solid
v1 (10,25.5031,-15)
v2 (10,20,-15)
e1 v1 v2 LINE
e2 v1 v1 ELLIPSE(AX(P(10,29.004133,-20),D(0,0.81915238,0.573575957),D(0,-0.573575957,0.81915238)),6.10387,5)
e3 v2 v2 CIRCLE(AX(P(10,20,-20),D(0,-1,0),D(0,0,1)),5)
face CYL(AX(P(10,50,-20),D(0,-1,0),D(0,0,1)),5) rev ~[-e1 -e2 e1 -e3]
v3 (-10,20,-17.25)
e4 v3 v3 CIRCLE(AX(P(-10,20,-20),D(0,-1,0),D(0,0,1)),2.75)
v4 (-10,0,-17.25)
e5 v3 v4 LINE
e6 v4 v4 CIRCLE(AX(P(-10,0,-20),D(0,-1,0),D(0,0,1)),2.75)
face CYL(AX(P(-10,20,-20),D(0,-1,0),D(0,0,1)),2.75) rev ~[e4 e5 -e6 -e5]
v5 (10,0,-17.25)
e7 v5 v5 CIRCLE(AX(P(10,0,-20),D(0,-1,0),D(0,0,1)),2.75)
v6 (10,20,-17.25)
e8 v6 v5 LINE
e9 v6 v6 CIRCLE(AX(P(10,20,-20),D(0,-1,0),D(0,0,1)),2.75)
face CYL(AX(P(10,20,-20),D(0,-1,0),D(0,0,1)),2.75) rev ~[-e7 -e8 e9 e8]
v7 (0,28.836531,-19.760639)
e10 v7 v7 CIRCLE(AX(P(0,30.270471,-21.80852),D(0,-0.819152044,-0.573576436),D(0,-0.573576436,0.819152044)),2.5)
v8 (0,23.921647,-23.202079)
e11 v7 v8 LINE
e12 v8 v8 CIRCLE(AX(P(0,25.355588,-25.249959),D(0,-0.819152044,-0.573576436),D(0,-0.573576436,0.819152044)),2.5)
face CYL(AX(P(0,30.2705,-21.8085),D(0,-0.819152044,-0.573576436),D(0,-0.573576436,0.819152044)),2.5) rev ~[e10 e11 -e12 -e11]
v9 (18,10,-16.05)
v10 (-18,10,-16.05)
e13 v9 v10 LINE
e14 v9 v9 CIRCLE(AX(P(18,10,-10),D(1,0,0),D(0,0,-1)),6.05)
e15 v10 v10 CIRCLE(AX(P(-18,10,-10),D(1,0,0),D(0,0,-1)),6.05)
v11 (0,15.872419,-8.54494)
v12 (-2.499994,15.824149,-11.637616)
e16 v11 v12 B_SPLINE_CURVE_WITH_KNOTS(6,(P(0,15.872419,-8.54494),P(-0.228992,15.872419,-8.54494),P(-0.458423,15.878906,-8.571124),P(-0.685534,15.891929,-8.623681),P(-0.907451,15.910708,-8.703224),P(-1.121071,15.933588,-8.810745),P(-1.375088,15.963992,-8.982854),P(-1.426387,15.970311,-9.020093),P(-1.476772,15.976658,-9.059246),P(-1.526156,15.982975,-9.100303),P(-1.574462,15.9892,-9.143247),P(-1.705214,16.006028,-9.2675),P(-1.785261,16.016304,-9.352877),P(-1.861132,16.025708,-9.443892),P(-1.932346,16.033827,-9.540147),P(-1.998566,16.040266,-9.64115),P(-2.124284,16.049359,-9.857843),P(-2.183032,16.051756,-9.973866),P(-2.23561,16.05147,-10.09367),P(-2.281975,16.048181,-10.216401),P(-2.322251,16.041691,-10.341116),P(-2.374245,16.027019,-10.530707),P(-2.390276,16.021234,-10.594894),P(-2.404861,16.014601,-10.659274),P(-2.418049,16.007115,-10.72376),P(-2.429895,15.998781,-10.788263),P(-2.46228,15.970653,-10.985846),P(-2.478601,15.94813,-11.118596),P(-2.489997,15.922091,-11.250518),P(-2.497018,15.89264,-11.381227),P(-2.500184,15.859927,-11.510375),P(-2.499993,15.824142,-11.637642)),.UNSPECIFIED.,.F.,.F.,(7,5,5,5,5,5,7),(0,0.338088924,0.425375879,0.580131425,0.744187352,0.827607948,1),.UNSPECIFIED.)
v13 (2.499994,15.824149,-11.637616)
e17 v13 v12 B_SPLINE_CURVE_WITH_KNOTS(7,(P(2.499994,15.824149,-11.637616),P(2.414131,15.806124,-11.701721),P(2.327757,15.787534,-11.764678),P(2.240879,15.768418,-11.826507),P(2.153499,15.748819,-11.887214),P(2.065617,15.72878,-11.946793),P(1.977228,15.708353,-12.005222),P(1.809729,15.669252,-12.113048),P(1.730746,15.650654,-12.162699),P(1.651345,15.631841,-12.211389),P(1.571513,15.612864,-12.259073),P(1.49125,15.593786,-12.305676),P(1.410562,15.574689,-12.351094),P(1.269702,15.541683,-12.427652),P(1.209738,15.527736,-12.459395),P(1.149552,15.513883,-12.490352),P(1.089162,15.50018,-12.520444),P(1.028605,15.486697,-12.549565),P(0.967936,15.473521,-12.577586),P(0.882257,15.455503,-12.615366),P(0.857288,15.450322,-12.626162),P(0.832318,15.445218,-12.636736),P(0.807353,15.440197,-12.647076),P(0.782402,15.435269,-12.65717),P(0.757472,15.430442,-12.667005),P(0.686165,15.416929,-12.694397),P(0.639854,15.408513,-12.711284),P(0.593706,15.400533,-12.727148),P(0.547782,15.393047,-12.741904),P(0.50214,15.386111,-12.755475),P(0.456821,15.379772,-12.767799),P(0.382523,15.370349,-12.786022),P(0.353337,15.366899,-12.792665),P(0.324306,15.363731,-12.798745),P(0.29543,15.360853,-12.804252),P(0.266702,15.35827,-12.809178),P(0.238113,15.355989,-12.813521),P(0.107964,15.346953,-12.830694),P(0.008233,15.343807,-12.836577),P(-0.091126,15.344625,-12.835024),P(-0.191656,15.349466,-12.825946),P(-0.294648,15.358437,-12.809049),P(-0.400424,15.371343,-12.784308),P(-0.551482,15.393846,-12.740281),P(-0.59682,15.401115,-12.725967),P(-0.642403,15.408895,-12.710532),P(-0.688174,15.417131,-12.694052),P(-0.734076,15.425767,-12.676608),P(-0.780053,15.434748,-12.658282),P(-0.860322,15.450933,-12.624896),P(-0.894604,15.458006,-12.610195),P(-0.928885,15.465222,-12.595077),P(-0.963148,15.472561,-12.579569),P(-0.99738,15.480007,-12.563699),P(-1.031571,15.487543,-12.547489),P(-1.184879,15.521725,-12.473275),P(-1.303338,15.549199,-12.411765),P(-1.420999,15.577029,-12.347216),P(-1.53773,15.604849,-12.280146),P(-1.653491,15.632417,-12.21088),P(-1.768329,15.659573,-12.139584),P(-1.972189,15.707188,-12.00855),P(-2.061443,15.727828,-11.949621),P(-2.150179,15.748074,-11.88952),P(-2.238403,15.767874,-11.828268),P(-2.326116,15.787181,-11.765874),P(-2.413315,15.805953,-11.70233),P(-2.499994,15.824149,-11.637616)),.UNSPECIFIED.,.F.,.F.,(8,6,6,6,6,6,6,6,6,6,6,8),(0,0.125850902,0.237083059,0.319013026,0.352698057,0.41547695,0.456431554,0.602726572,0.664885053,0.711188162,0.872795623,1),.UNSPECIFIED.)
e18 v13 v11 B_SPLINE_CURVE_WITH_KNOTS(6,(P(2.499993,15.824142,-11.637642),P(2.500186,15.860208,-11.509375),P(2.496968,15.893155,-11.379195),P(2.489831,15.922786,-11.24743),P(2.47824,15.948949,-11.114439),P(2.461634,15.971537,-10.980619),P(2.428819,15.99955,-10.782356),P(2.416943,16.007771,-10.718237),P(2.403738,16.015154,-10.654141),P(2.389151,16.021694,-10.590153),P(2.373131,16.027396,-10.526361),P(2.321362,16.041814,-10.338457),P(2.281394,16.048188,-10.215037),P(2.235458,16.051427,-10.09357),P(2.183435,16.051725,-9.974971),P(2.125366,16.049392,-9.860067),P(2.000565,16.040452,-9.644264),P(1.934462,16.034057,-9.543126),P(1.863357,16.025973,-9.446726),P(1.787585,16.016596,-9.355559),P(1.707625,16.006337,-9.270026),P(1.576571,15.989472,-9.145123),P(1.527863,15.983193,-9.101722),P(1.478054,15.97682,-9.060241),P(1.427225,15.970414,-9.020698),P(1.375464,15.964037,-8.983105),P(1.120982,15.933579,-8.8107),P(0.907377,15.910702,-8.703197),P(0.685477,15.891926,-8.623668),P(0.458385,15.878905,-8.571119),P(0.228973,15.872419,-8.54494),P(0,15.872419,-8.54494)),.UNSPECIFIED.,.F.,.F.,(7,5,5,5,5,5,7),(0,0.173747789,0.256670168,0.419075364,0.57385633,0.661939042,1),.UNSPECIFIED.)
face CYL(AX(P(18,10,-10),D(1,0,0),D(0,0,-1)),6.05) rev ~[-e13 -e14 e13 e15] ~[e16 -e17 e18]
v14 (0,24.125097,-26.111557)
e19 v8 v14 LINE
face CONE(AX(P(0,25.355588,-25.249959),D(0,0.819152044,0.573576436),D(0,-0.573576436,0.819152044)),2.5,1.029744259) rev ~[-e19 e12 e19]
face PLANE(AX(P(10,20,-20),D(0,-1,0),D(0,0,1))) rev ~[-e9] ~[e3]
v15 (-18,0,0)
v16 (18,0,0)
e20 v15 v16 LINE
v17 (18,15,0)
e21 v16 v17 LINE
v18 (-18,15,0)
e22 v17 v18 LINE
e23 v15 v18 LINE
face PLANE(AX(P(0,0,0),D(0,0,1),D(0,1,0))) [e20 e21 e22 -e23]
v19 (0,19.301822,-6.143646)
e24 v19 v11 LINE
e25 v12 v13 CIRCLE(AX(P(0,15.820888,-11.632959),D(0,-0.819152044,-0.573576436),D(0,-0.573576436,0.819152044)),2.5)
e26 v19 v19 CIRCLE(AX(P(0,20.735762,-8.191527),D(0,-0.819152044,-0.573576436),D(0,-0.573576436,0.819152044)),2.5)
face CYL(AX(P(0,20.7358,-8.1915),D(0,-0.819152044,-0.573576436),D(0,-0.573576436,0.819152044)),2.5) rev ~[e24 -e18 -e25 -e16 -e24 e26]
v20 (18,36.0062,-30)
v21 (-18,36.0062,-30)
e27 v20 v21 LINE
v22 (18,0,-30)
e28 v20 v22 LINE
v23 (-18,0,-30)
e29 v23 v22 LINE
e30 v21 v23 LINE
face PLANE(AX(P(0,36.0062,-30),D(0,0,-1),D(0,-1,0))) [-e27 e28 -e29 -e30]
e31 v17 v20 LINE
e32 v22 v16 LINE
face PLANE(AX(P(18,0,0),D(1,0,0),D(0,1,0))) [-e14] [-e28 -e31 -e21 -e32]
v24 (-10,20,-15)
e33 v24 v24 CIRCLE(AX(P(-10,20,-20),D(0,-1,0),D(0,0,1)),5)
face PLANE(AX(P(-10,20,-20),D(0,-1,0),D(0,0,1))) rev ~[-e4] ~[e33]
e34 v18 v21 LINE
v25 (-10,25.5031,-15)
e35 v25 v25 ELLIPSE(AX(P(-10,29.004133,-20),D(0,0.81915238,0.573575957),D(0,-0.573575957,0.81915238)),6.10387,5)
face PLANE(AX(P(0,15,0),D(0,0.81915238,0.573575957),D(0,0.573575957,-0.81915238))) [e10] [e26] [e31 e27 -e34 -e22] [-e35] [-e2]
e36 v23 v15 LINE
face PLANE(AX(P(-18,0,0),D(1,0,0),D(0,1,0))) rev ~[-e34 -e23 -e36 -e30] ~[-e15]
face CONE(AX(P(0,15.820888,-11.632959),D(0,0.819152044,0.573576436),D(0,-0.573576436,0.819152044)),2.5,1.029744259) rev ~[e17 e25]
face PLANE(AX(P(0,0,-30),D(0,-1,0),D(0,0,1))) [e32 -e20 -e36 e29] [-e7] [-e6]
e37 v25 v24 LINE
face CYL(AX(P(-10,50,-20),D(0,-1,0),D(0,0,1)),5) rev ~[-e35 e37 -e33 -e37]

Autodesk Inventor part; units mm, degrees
ref_plane "YZ Plane" through (0, 0, 0) normal (1, 0, 0) x (0, 1, 0)
ref_plane "XZ Plane" through (0, 0, 0) normal (0, 1, 0) x (-1, 0, 0)
sketch "スケッチ1" plane through (0, 0, 0) normal (1, 0, 0) x (0, 1, 0)
  line L0 (0, 0) -> (15, 0)
  line L1 (15, 0) -> (36.0062, -30)
  line L2 (36.0062, -30) -> (0, -30)
  line L3 (0, -30) -> (0, 0)
  dimension "d0" = 35
  dimension "d1" = 15
  dimension "d2" = 30
extrude "押し出し1" add sketch "スケッチ1" along normal mid plane 36
ref_plane "作業平面1" through (-18, 50, -30) normal (0, -1, 0) x (1, 0, 0)
sketch "スケッチ3" plane through (-18, 50, -30) normal (0, -1, 0) x (1, 0, 0)
  line L0 (0, 0) -> (36, 0) projected
  line L1 (0, 30) -> (0, 0) projected
  line L2 (36, 0) -> (36, 30) projected
  point P0 (18, 30)
  point P1 (8, 10)
  point P2 (28, 10)
  dimension "d11" = 10
  dimension "d12" = 8
  dimension "d13" = 8
  dimension "d14" = 10
hole "穴1" at (-10, 50, -20) at (10, 50, -20) direction (0, -1, 0) diameter 5.5 end through all counterbore diameter 10 counterbore depth 30 clearance for "Socket Head Cap Screw" size "M5" standard "Ansi Metric M Profile"
sketch "スケッチ4" plane through (-18, 15, 0) normal (0, 0.8192, 0.5736) x (1, 0, 0)
  line L0 (18, 10) -> (18, 10)
  line L1 (18, 10) -> (18, 26.6232)
  line L2 (18, 26.6232) -> (18, 26.6232)
  line L3 (18, 26.6232) -> (18, 10)
  line L4 (0, 36.6232) -> (36, 36.6232) projected
  line L5 (0, 0) -> (36, 0) projected
  line L6 (0, 0) -> (0, 36.6232) projected
  line L7 (36, 36.6232) -> (36, 0) projected
  point P0 (18, -8.6036)
  dimension "d22" = 36.6232
  dimension "d24" = 10
  dimension "d36" = 10
  dimension "d46" = 18
  dimension "d47" = 18
  dimension "d51" = 36
hole "穴2" at (0, 30.2705, -21.8085) at (0, 20.7358, -8.1915) at (0, 30.2705, -21.8085) at (0, 20.7358, -8.1915) direction (0, -0.8192, -0.5736) diameter 5 depth 6 tip angle 118
sketch "スケッチ5" plane through (18, 0, 0) normal (1, 0, 0) x (0, 0, -1)
  circle A0 centre (10, 10) radius 6.05
  line L0 (0, 0) -> (30, 0) projected
  line L1 (0, 15) -> (0, 0) projected
  dimension "d40" = 10
  dimension "d41" = 10
  dimension "d42" = 12.1
extrude "押し出し3" cut sketch "スケッチ5" against normal through all
equation "\"d13\" = d12"
equation "\"d14\" = d11"
equation "\"d46\" = 0.5 * d51"
equation "\"d47\" = d46"
properties part number "s_base1"
